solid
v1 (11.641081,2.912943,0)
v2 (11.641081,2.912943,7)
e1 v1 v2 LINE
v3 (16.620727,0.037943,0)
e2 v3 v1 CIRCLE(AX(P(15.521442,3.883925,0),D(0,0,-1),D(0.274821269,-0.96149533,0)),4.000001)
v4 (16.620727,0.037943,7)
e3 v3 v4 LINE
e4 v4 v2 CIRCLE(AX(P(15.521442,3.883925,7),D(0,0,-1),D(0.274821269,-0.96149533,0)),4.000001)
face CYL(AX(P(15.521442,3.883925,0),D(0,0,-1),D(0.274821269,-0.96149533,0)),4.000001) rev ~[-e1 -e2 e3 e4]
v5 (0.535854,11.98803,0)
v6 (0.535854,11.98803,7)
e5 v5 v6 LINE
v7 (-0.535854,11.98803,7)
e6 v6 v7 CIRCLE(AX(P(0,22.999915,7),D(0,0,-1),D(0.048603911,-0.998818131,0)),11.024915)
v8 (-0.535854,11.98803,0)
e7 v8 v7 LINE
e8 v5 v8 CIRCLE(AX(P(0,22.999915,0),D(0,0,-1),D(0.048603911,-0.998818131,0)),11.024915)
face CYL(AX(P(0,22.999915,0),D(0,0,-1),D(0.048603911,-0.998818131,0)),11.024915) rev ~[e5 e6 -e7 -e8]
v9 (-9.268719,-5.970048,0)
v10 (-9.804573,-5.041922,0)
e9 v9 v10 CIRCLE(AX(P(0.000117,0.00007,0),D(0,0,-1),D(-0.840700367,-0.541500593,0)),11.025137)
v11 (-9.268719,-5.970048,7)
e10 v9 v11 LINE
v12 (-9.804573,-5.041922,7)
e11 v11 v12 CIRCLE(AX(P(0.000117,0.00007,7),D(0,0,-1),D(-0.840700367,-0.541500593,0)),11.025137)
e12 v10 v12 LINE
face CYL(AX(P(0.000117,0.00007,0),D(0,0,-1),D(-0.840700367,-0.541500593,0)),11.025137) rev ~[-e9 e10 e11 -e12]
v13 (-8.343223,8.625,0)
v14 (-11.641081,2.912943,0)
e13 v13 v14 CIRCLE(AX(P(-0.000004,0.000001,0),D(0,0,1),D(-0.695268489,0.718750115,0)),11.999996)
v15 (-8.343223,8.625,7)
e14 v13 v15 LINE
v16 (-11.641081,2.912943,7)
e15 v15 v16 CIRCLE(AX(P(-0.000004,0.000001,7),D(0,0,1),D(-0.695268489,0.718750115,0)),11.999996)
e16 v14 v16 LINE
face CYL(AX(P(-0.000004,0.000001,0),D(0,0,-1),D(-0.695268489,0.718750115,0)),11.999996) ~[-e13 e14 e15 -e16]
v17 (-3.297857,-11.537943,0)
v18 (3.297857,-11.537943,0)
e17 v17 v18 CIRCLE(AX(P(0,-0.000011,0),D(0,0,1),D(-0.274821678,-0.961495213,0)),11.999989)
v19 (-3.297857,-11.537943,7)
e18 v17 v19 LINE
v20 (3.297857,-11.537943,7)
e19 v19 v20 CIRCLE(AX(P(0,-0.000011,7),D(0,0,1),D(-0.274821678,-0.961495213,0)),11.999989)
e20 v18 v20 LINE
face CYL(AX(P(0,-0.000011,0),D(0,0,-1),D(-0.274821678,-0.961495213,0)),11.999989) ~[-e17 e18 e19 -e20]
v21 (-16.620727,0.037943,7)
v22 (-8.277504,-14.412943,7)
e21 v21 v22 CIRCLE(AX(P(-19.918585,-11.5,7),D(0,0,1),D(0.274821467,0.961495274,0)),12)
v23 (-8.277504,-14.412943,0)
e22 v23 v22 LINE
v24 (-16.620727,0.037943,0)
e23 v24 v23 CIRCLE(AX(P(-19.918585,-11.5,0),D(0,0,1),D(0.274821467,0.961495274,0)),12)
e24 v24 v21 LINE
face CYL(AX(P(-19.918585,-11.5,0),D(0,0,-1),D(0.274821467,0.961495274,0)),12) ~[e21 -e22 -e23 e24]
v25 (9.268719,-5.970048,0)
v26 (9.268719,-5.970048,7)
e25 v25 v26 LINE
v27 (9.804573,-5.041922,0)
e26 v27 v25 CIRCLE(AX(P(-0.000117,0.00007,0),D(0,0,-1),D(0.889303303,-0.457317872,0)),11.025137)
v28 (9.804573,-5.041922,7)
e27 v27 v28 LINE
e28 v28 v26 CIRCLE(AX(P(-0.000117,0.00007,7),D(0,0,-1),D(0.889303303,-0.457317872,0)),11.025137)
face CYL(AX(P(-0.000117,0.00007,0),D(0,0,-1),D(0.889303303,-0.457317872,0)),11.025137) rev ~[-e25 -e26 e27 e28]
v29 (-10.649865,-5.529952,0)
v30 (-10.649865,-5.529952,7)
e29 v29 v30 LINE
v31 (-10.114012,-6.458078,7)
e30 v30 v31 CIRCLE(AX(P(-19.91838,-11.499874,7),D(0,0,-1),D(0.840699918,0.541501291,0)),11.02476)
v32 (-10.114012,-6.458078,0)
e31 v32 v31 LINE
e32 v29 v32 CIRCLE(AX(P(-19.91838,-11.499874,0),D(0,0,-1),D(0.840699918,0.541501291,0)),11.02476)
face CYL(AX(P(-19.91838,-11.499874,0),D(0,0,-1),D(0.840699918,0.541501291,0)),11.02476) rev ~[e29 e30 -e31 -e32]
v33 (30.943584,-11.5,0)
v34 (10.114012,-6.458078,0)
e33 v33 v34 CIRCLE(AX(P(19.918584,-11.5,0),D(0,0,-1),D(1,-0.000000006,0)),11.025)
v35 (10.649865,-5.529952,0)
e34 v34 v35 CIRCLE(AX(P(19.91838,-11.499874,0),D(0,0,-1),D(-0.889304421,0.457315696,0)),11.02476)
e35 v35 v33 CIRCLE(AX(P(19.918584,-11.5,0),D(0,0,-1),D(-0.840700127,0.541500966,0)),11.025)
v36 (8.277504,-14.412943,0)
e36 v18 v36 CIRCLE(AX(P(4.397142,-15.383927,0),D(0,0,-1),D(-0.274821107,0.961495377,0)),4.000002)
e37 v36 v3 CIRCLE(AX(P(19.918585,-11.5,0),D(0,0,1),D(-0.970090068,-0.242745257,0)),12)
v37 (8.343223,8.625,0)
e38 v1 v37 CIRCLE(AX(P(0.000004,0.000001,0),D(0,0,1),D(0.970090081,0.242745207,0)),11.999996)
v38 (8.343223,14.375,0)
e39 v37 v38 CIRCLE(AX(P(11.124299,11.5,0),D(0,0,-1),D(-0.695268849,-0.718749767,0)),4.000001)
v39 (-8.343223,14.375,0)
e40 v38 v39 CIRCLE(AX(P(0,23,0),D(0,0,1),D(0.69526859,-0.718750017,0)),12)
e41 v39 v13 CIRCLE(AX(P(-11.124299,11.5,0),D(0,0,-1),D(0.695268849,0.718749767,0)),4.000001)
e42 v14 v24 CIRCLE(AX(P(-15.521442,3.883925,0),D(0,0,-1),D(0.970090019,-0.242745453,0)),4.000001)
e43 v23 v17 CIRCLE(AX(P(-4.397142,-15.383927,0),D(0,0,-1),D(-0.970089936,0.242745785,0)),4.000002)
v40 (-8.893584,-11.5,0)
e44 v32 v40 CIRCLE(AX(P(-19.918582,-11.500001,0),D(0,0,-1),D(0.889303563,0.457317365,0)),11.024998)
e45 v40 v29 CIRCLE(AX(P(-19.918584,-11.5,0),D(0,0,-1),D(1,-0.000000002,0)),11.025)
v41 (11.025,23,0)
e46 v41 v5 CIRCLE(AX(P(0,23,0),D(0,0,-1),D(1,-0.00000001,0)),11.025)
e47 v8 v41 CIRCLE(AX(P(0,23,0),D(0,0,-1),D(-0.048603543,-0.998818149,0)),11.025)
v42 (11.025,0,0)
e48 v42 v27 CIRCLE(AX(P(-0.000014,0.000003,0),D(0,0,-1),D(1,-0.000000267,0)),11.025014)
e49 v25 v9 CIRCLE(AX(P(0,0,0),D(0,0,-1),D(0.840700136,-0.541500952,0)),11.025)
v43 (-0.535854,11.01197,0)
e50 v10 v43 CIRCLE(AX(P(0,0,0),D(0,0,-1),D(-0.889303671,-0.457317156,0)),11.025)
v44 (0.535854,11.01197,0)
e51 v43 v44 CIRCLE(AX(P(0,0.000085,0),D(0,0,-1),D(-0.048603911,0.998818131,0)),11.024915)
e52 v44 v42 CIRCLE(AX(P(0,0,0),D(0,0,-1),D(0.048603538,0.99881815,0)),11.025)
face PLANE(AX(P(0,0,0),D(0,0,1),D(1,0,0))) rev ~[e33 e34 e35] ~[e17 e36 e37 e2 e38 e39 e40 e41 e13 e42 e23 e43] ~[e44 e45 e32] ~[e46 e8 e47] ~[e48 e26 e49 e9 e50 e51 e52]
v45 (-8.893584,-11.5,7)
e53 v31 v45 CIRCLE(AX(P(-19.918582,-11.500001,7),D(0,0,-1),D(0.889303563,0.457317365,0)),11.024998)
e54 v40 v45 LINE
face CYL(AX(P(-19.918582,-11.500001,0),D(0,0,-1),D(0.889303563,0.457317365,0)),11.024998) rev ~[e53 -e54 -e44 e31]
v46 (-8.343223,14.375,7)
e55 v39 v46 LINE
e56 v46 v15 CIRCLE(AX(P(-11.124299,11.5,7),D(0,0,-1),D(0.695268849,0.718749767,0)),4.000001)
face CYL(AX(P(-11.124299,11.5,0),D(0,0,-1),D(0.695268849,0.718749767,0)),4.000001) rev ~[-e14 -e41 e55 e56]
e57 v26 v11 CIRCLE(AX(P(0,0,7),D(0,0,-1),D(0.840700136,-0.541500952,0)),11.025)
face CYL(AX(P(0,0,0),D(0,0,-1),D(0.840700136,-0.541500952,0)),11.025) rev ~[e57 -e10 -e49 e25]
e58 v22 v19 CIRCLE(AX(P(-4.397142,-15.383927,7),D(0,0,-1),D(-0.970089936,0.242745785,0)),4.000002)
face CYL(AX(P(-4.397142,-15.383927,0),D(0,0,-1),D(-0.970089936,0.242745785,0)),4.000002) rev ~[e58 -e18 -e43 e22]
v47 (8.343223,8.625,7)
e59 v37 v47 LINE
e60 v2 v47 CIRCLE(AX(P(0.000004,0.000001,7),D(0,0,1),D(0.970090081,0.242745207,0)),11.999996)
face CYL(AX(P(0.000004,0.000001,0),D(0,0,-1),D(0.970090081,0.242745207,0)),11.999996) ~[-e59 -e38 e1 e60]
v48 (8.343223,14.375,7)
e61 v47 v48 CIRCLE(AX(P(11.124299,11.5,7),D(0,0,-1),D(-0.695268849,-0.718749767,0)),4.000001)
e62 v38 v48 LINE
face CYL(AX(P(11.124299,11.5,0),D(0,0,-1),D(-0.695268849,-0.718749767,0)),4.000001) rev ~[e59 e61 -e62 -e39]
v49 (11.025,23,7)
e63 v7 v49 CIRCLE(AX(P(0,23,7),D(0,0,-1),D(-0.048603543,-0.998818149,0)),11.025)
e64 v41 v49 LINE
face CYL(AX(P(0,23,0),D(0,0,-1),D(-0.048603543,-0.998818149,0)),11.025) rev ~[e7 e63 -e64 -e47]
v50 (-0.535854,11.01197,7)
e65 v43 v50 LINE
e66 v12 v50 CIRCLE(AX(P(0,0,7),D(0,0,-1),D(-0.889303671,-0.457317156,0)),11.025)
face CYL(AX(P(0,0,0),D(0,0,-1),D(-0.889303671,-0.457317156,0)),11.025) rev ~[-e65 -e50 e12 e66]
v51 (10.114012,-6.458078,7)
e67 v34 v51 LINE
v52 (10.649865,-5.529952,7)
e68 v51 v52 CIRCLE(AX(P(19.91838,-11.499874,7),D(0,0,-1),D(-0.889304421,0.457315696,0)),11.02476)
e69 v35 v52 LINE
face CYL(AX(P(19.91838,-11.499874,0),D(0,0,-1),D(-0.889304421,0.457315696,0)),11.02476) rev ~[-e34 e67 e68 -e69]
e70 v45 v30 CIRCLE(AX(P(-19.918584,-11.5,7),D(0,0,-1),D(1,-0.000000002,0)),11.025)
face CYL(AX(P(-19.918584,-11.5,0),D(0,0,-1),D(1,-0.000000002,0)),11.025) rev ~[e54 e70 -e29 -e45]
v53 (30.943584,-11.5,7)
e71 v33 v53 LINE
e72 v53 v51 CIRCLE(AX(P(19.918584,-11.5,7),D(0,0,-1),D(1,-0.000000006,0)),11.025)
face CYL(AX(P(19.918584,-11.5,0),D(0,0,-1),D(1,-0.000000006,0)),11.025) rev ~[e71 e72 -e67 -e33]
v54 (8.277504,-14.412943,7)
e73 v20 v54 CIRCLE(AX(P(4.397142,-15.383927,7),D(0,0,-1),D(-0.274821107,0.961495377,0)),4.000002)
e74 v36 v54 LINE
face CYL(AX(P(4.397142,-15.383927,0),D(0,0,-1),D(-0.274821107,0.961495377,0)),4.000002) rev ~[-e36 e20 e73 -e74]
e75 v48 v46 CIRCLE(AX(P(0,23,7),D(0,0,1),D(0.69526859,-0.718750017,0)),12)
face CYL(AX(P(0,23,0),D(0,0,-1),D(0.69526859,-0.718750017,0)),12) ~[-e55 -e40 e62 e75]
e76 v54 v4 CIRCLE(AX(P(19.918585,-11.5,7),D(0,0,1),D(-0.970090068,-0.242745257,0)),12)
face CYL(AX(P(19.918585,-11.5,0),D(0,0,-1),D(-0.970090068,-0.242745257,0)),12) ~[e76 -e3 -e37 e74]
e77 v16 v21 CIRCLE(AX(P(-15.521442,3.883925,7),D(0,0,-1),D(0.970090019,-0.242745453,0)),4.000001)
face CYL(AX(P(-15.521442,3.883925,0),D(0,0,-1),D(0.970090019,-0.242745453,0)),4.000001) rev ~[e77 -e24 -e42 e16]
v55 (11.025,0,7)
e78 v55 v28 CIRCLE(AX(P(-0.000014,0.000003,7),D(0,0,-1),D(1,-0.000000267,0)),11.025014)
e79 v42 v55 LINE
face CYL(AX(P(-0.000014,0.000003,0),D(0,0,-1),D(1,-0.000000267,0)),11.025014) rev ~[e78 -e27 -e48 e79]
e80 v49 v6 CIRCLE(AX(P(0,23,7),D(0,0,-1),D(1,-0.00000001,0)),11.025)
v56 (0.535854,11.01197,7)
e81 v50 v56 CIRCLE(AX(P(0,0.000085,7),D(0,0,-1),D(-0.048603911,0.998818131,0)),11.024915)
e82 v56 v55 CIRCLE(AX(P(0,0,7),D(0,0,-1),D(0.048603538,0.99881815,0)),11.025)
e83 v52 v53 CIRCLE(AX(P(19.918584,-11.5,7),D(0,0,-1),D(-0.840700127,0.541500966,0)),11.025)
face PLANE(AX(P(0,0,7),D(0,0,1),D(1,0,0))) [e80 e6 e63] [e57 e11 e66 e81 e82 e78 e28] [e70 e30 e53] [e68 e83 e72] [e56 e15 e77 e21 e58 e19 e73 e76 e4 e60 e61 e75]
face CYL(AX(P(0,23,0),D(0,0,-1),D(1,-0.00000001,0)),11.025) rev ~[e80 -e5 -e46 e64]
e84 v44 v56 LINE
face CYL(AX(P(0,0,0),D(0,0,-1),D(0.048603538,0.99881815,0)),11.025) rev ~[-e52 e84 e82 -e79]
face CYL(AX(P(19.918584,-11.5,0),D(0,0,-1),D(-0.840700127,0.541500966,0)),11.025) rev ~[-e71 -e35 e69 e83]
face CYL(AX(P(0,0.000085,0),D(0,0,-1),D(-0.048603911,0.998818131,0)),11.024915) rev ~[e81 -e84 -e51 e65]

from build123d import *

# Parameters (mm, degrees)
F1_DEPTH = 7


with BuildPart() as f1:
    # F0 (on Top) → F1 (new body)
    with BuildSketch(Plane.XY):
        with BuildLine():
            ThreePointArc((8.343223, 8.625), (7.124298, 11.5), (8.343223, 14.375))
            ThreePointArc((8.343223, 14.375), (0, 35), (-8.343223, 14.375))
            ThreePointArc((-8.343223, 14.375), (-7.124298, 11.5), (-8.343223, 8.625))
            ThreePointArc((-8.343223, 8.625), (-10.392305, 6), (-11.641081, 2.912943))
            ThreePointArc((-11.641081, 2.912943), (-13.521441, 0.419823), (-16.620727, 0.037943))
            ThreePointArc((-16.620727, 0.037943), (-30.310889, -17.5), (-8.277504, -14.412943))
            ThreePointArc((-8.277504, -14.412943), (-6.397143, -11.919823), (-3.297857, -11.537943))
            ThreePointArc((-3.297857, -11.537943), (0, -12), (3.297857, -11.537943))
            ThreePointArc((3.297857, -11.537943), (6.397143, -11.919823), (8.277504, -14.412943))
            ThreePointArc((8.277504, -14.412943), (30.310889, -17.5), (16.620727, 0.037943))
            ThreePointArc((16.620727, 0.037943), (13.521441, 0.419823), (11.641081, 2.912943))
            ThreePointArc((11.641081, 2.912943), (10.392305, 6), (8.343223, 8.625))
        make_face()
        with BuildLine():
            ThreePointArc((-10.114012, -6.458078), (-9.203034, -8.906237), (-8.893584, -11.5))
            ThreePointArc((-8.893584, -11.5), (-30.495404, -14.611511), (-10.649865, -5.529952))
            ThreePointArc((-10.649865, -5.529952), (-10.370654, -5.9875), (-10.114012, -6.458078))
        make_face(mode=Mode.SUBTRACT)
        with BuildLine():
            ThreePointArc((10.649865, -5.529952), (23.030095, -0.92318), (30.943584, -11.5))
            ThreePointArc((30.943584, -11.5), (17.324822, -22.21555), (10.114012, -6.458078))
            ThreePointArc((10.114012, -6.458078), (10.370654, -5.9875), (10.649865, -5.529952))
        make_face(mode=Mode.SUBTRACT)
        with BuildLine():
            ThreePointArc((0.535854, 11.01197), (7.983057, 7.60404), (11.025, 0))
            ThreePointArc((11.025, 0), (10.71555, -2.593763), (9.804573, -5.041922))
            ThreePointArc((9.804573, -5.041922), (9.54793, -5.5125), (9.268719, -5.970048))
            ThreePointArc((9.268719, -5.970048), (0, -11.025), (-9.268719, -5.970048))
            ThreePointArc((-9.268719, -5.970048), (-9.54793, -5.5125), (-9.804573, -5.041922))
            ThreePointArc((-9.804573, -5.041922), (-9.54793, 5.5125), (-0.535854, 11.01197))
            ThreePointArc((-0.535854, 11.01197), (0, 11.025), (0.535854, 11.01197))
        make_face(mode=Mode.SUBTRACT)
        with BuildLine():
            ThreePointArc((-0.535854, 11.98803), (-7.60404, 30.983057), (11.025, 23))
            ThreePointArc((11.025, 23), (7.983057, 15.39596), (0.535854, 11.98803))
            ThreePointArc((0.535854, 11.98803), (0, 11.975), (-0.535854, 11.98803))
        make_face(mode=Mode.SUBTRACT)
    extrude(amount=F1_DEPTH)


solid = f1.part
